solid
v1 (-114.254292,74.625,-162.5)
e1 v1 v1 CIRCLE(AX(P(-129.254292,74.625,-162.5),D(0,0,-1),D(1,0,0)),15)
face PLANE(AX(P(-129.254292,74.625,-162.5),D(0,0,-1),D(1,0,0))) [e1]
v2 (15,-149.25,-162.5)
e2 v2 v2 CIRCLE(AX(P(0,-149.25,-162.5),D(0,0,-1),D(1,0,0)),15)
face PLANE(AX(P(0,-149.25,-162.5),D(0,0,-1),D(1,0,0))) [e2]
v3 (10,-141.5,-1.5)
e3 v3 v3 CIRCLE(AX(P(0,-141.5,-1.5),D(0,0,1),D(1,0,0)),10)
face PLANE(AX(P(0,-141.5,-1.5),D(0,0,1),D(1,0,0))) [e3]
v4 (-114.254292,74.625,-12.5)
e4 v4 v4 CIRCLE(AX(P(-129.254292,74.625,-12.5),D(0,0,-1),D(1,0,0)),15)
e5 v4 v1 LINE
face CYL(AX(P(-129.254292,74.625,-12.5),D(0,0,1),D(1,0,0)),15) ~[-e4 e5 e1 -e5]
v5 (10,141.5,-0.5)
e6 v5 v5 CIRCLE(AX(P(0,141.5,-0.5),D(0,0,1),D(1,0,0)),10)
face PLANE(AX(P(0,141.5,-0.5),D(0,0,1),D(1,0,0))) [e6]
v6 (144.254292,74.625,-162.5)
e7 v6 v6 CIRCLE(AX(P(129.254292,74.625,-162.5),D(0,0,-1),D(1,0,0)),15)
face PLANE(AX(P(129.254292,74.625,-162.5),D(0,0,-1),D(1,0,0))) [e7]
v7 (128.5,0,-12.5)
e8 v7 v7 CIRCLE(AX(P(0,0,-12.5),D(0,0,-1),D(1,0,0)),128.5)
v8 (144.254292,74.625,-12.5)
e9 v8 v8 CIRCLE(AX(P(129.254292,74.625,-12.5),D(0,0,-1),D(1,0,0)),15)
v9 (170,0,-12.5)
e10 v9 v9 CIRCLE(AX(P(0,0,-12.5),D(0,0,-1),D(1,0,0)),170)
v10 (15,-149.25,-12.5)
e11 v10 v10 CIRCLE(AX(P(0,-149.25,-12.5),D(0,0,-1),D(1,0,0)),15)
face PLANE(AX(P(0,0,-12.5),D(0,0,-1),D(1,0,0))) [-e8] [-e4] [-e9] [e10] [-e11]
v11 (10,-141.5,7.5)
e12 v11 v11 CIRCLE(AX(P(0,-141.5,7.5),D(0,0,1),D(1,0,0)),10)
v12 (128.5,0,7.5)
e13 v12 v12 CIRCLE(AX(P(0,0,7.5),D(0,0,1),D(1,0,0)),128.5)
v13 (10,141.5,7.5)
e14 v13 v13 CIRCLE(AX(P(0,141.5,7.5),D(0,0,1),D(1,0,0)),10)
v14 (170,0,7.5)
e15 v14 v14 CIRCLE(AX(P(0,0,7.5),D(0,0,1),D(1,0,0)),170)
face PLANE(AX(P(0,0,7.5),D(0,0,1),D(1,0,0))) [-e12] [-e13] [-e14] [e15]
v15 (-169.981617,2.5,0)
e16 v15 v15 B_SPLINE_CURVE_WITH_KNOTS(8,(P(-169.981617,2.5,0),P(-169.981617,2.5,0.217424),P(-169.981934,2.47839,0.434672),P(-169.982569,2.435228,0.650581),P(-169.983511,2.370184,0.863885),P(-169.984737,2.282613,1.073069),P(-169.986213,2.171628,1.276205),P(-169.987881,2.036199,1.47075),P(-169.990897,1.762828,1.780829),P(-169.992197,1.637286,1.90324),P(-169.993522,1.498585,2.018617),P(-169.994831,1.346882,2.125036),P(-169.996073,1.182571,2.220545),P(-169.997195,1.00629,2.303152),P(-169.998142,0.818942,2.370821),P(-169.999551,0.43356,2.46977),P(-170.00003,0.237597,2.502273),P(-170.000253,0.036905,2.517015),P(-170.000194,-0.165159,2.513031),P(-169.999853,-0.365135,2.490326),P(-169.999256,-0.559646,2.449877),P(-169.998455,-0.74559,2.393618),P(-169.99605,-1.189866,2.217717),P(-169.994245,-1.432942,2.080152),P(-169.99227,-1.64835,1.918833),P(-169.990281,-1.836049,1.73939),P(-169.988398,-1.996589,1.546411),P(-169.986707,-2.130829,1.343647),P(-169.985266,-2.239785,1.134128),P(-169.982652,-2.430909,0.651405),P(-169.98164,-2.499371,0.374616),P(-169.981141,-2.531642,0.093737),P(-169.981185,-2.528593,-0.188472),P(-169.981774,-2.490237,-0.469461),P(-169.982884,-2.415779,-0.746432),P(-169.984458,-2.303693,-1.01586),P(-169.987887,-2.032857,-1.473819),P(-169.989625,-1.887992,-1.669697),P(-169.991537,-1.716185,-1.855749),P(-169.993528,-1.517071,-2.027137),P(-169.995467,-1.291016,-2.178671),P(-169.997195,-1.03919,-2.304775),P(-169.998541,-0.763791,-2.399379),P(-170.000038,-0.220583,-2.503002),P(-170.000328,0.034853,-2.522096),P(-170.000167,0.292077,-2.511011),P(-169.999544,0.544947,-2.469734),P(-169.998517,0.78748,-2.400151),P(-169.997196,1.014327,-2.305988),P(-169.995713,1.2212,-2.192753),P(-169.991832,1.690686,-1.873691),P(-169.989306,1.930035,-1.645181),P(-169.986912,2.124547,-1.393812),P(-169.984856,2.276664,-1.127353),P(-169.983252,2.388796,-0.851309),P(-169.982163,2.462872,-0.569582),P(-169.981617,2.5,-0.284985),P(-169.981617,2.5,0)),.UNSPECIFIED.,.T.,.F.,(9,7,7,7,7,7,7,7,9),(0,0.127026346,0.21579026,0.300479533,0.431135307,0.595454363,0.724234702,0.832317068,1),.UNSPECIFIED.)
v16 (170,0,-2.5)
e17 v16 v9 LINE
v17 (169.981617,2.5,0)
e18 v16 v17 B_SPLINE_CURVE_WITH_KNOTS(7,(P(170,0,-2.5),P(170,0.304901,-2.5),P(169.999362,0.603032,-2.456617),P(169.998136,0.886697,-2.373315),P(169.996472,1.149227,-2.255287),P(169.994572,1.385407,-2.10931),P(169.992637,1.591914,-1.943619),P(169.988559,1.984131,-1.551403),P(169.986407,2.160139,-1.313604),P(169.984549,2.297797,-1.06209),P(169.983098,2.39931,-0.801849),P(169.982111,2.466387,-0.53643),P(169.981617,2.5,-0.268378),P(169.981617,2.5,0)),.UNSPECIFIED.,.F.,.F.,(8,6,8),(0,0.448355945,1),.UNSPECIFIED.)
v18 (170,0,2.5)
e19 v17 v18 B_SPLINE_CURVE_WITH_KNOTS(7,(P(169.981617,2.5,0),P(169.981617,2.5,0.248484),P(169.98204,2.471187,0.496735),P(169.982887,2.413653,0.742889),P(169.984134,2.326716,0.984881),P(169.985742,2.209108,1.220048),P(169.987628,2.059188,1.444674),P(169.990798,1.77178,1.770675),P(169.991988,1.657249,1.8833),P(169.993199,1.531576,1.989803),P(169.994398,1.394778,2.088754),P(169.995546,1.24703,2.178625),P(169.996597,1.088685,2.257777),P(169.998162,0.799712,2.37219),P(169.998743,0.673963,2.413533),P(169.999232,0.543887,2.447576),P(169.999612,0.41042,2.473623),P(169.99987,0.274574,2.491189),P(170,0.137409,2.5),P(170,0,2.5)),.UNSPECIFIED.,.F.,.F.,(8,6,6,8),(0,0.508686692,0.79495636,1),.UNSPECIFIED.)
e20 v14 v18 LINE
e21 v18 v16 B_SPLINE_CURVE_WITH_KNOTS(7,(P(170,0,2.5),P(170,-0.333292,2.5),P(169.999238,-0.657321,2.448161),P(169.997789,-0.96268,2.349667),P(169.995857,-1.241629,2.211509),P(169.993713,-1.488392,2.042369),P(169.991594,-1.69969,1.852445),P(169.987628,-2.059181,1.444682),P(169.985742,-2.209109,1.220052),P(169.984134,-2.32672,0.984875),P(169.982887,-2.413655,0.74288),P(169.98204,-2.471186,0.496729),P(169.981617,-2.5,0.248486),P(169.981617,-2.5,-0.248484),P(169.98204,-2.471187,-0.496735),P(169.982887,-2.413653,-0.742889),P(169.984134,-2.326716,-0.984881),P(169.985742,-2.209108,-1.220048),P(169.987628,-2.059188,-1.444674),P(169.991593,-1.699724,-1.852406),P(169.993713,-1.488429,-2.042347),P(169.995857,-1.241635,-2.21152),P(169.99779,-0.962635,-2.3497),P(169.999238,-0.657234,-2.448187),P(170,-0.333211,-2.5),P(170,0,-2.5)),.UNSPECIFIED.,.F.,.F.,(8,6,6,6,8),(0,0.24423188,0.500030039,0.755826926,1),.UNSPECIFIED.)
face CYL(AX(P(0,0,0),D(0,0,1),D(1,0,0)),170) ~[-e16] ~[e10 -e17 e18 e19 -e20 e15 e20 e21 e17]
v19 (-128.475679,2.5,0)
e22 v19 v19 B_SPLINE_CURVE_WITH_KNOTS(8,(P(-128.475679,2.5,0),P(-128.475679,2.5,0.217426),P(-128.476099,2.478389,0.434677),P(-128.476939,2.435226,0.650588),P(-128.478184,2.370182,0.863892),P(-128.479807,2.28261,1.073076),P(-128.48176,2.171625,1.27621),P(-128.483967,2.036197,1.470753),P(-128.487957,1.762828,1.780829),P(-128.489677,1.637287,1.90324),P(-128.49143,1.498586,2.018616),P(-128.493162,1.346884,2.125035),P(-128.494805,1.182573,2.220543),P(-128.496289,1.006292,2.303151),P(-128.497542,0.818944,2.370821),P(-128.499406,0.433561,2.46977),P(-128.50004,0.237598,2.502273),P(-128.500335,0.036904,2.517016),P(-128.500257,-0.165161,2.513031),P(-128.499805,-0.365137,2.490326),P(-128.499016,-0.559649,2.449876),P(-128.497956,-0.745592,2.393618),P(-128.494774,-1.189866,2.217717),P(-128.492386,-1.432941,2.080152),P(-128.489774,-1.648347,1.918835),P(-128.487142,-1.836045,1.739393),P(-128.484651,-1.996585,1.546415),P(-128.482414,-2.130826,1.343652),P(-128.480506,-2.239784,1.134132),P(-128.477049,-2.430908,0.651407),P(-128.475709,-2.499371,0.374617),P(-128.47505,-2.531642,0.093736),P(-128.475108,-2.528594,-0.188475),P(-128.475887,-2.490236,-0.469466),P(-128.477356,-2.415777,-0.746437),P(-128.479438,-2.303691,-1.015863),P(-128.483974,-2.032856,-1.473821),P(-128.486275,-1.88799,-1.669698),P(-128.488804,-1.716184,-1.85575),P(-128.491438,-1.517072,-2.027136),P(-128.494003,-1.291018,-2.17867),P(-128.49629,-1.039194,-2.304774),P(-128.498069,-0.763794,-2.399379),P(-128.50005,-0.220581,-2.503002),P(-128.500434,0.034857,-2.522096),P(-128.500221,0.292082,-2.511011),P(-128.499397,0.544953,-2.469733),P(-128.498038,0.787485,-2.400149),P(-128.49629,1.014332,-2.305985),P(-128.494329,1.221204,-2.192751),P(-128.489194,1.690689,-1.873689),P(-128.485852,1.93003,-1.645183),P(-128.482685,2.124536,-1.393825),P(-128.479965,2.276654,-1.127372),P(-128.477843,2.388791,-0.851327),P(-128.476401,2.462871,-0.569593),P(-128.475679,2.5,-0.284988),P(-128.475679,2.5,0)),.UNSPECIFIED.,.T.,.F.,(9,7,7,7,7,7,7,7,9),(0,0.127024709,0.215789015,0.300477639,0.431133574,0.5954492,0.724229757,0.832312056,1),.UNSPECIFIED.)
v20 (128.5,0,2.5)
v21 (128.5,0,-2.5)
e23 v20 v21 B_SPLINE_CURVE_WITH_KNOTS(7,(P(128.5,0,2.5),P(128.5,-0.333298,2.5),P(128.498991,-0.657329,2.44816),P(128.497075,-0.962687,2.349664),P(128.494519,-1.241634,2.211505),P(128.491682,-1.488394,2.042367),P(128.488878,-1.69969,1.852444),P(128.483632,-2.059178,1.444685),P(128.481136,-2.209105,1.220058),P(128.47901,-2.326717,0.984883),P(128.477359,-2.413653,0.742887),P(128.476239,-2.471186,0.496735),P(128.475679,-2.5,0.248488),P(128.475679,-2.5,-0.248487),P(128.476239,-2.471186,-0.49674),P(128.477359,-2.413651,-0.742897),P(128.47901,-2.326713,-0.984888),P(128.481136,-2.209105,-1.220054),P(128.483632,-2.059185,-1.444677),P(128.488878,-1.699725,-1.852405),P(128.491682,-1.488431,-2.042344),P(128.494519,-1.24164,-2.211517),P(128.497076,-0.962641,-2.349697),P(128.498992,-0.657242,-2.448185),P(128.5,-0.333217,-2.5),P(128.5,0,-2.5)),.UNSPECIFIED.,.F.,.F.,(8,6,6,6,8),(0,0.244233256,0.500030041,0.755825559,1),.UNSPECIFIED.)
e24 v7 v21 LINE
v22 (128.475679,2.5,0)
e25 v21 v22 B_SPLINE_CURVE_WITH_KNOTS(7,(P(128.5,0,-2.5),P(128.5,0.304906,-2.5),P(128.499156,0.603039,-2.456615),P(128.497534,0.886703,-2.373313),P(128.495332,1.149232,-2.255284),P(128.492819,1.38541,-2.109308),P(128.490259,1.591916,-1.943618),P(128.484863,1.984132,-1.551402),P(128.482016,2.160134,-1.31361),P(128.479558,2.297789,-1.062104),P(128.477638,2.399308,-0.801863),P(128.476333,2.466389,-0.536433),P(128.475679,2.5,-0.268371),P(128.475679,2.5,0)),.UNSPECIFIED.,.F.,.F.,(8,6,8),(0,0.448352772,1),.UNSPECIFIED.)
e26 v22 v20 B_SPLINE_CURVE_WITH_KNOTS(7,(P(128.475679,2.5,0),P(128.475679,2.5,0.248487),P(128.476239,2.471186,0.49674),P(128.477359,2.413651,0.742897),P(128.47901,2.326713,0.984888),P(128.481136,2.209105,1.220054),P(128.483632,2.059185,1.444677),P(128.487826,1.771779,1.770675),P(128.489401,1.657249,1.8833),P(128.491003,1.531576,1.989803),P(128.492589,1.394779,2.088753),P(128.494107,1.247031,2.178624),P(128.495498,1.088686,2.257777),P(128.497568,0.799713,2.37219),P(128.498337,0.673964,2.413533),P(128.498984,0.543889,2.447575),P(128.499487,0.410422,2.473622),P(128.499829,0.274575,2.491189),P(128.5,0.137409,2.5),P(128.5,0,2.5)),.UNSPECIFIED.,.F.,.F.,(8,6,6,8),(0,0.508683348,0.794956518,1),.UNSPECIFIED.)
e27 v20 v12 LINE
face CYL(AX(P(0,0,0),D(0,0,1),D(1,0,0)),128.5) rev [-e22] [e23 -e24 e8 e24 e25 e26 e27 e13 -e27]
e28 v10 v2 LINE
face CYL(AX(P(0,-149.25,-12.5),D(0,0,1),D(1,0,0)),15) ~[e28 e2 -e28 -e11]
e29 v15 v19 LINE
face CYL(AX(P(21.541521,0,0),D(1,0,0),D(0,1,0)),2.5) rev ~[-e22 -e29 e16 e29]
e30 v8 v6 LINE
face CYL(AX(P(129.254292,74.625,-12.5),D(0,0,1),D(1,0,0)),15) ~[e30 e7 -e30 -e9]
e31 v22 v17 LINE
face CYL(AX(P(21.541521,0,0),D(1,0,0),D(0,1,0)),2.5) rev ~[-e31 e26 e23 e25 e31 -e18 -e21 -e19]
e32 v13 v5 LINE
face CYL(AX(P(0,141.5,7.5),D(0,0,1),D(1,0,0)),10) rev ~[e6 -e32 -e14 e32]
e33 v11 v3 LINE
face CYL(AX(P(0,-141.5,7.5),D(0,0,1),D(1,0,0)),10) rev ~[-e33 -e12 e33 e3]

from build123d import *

# Parameters (mm, degrees)
F0_R        = 170
F0_R_2      = 128.5
F1_DEPTH    = 7.5
F1_FACE_R   = 170
F1_FACE_R_2 = 128.5
F2_DEPTH    = 12.5
F3_R        = 15
F4_DEPTH    = 150
F5_R        = 10
F6_DEPTH    = 8
F7_DEPTH    = 9
F8_W        = 515.232772
F8_H        = 2.5


with BuildPart() as f1:
    # F0 (on Top) → F1 (new body)
    with BuildSketch(Plane.XY):
        Circle(F0_R)
        Circle(F0_R_2, mode=Mode.SUBTRACT)
    extrude(amount=F1_DEPTH)

    # F1_face (on face) → F2 (join)
    with BuildSketch(Plane(origin=(0, 0, 0), x_dir=(1, 0, 0), z_dir=(0, 0, -1))):
        Circle(F1_FACE_R)
        Circle(F1_FACE_R_2, mode=Mode.SUBTRACT)
    extrude(amount=F2_DEPTH)

    # F3 (on face) → F4 (join)
    with BuildSketch(Plane(origin=(0, 0, -12.5), x_dir=(1, 0, 0), z_dir=(0, 0, -1))):
        with Locations((0, 149.25)):
            Circle(F3_R)
        with Locations((129.254292, -74.625)):
            Circle(F3_R)
        with Locations((-129.254292, -74.625)):
            Circle(F3_R)
    extrude(amount=F4_DEPTH)

    # F5 (on face) → F6 (cut)
    with BuildSketch(Plane.XY.offset(7.5)):
        with Locations((0, 141.5)):
            Circle(F5_R)
    extrude(amount=-F6_DEPTH, mode=Mode.SUBTRACT)

    # F5 (on face) → F7 (cut)
    with BuildSketch(Plane.XY.offset(7.5)):
        with Locations((0, -141.5)):
            Circle(F5_R)
    extrude(amount=-F7_DEPTH, mode=Mode.SUBTRACT)

    # F8 (on Top) → F9 (revolve, cut)
    with BuildSketch(Plane.XY):
        with Locations((21.541521, 1.25)):
            Rectangle(F8_W, F8_H)
    revolve(axis=Axis((21.541521, 0, 0), (1, 0, 0)), mode=Mode.SUBTRACT)


solid = f1.part
